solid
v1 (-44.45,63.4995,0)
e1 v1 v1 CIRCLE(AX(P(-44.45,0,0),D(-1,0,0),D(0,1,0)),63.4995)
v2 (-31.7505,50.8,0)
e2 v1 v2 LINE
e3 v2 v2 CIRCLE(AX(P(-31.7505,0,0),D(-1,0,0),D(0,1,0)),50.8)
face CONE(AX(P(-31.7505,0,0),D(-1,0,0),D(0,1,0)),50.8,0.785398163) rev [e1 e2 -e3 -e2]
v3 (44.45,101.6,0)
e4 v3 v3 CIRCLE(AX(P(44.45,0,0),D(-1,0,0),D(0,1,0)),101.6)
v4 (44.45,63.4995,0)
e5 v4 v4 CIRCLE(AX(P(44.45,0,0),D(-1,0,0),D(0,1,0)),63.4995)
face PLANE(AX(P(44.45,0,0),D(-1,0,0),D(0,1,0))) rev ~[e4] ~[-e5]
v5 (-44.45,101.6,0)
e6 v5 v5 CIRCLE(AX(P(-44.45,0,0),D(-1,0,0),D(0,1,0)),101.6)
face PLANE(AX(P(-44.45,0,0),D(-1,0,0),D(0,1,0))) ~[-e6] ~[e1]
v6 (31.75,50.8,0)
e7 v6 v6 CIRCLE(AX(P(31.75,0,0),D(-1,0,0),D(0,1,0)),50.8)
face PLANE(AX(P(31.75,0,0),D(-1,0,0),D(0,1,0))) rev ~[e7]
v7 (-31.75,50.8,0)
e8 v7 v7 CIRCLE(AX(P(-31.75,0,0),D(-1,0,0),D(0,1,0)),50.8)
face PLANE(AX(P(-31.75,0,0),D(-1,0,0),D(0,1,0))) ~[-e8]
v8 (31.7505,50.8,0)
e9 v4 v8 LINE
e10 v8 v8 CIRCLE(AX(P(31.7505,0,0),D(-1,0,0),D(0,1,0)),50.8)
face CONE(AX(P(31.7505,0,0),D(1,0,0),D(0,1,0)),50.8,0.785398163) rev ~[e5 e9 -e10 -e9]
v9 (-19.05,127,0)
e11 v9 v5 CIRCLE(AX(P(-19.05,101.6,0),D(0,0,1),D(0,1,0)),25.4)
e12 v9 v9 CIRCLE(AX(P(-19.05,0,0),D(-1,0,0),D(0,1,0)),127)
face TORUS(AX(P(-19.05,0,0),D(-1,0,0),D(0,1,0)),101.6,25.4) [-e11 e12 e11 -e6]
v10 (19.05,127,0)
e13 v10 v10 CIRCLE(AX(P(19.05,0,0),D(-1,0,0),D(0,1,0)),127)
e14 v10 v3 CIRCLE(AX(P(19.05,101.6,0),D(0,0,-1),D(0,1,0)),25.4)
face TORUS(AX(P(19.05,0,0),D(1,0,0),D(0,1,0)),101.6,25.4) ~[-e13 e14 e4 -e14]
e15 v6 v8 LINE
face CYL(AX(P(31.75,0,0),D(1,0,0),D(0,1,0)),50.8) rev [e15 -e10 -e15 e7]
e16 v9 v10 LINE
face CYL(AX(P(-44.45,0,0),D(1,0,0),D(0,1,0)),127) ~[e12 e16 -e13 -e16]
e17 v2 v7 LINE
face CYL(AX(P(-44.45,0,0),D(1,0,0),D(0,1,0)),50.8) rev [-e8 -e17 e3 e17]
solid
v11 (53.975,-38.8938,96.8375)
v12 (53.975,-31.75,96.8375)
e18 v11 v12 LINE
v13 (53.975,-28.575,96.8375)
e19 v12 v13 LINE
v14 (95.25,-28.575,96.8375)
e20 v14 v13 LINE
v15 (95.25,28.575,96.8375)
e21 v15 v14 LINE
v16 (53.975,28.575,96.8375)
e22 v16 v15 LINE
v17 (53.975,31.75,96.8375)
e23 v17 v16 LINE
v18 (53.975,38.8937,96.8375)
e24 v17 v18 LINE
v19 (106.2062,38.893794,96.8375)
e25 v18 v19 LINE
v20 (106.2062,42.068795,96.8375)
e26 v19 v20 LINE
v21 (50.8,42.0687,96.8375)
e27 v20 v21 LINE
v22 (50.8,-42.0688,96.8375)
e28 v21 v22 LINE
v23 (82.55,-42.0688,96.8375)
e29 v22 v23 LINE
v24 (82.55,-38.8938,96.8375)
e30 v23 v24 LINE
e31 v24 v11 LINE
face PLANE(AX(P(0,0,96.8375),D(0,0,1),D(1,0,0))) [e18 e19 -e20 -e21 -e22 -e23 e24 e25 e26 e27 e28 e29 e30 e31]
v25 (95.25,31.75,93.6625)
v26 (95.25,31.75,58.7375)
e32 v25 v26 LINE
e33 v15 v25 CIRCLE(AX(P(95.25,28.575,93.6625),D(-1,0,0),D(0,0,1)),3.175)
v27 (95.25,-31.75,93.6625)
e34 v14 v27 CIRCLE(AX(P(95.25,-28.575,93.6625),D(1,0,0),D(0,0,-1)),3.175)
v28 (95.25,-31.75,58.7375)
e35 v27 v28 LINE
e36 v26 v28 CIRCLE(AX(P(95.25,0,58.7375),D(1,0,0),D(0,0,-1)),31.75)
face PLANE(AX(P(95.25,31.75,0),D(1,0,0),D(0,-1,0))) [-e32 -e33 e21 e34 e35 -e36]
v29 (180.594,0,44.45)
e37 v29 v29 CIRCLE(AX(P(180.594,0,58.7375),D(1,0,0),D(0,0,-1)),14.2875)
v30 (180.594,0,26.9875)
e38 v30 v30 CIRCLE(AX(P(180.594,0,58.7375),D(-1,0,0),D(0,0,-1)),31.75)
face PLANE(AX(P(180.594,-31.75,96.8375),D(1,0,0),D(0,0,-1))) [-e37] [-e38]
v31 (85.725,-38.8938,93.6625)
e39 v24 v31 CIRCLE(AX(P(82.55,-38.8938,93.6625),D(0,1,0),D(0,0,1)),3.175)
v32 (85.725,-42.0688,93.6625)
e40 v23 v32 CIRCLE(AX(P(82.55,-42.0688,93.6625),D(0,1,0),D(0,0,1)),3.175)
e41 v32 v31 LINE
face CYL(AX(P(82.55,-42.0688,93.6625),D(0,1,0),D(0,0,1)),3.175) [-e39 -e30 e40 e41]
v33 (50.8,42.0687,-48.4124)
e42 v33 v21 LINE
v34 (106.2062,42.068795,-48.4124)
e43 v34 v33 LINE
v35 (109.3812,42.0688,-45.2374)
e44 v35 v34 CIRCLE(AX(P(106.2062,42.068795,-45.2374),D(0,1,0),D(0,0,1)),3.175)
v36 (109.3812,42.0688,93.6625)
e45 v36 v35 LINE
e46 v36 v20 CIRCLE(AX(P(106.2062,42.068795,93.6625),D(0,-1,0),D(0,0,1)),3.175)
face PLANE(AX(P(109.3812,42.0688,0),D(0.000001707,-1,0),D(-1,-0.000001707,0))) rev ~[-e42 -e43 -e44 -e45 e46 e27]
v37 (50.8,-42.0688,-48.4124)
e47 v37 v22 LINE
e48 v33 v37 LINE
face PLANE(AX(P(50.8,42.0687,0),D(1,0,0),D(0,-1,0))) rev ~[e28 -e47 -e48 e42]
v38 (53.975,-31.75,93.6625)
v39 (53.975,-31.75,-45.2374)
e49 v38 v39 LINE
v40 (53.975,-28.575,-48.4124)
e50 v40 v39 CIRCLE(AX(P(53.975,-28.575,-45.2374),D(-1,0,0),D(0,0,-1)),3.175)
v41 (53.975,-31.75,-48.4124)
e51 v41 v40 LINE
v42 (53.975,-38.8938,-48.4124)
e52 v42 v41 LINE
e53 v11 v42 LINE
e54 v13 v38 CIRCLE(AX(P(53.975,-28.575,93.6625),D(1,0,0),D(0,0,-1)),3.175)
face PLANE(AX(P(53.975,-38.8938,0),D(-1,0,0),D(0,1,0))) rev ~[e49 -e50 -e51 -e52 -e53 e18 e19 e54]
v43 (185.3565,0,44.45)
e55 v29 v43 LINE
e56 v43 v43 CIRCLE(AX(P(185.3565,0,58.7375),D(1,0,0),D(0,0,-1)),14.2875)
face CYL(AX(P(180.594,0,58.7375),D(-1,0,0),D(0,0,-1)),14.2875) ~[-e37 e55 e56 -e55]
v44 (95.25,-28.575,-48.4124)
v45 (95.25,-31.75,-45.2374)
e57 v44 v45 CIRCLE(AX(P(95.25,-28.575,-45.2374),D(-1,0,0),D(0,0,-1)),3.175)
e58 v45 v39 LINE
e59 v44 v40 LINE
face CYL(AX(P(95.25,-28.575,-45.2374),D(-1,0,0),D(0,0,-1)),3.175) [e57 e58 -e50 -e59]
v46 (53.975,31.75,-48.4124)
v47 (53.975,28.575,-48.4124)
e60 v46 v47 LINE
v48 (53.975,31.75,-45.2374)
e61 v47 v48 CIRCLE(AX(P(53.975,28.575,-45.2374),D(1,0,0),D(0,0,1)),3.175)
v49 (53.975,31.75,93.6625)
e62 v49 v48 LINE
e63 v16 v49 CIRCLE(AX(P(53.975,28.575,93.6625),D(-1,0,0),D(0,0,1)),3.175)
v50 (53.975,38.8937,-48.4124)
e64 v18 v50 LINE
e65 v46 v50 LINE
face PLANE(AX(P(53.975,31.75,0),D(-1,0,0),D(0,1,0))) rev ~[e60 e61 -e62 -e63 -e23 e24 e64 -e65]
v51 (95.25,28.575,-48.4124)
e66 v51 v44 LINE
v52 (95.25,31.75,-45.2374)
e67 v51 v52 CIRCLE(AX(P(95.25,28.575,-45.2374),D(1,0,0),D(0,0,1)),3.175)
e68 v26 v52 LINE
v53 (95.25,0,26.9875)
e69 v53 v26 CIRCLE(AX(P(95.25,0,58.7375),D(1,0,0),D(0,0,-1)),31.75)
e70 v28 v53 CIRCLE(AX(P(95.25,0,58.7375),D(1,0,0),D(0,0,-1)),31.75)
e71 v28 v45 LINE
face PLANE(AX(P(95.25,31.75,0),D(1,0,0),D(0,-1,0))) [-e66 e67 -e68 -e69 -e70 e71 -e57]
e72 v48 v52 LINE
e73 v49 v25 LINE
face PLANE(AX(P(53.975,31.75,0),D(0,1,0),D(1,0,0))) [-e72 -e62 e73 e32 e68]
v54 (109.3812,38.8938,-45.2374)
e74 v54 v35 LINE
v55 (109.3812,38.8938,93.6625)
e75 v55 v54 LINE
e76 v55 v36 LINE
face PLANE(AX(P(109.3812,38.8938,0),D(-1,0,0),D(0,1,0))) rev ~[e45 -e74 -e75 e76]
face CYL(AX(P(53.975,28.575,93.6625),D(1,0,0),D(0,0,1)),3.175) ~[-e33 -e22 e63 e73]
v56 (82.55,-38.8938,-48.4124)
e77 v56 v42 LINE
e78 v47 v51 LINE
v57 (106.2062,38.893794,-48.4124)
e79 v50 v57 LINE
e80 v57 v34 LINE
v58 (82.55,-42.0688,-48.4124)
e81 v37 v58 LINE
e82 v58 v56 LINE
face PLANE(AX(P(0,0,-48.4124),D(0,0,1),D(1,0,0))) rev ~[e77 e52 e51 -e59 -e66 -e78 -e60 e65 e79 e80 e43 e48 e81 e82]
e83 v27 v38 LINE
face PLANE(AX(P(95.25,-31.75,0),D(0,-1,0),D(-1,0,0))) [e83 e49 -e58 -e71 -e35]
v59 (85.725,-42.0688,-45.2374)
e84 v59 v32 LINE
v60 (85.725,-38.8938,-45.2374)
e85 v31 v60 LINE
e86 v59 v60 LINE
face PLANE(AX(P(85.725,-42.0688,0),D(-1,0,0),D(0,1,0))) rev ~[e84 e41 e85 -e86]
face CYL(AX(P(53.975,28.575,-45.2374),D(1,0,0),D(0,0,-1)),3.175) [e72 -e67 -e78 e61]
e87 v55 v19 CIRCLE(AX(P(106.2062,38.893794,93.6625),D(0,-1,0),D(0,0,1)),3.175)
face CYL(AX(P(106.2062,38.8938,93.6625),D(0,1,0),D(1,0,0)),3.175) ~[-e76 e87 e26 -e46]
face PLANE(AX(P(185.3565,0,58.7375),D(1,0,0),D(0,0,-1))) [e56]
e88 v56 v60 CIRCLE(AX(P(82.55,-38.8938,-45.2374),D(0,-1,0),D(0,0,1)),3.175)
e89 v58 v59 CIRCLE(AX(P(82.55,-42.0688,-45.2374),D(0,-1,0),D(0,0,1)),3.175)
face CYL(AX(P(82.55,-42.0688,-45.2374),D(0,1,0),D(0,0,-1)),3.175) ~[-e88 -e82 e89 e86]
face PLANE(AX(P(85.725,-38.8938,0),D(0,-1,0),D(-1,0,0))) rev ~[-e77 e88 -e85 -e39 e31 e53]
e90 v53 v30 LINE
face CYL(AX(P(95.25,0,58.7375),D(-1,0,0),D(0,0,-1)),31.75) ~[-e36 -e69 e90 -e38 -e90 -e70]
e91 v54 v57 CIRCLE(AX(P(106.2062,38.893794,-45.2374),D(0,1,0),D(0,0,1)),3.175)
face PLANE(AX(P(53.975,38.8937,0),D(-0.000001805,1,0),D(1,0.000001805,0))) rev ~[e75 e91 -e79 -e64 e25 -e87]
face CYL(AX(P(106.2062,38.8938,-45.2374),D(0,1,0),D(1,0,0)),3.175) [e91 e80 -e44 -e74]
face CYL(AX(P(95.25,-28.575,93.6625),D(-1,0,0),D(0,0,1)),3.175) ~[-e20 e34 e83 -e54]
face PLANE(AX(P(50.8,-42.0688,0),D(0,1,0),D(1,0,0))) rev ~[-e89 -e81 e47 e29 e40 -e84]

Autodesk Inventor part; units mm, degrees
ref_plane "YZ Plane" through (0, 0, 0) normal (1, 0, 0) x (0, 1, 0)
ref_plane "XZ Plane" through (0, 0, 0) normal (0, 1, 0) x (-1, 0, 0)
sketch "Sketch1" plane through (0, 0, 0) normal (0, 0, 1) x (1, 0, 0)
  line L0 (-44.45, 127) -> (44.45, 127)
  line L1 (44.45, 127) -> (44.45, 50.8)
  line L2 (-44.45, 50.8) -> (-44.45, 127)
  line L3 (31.75, 50.8) -> (31.75, 0)
  line L4 (31.75, 0) -> (-31.75, 0)
  line L5 (-31.75, 0) -> (-31.75, 50.8)
  line L6 (-44.45, 50.8) -> (-31.75, 50.8)
  line L7 (31.75, 50.8) -> (44.45, 50.8)
  line L8 (152.4, 0) -> (-152.4, 0) construction
  point P0 (0, 0)
  dimension "d0" = 88.9
  dimension "d1" = 76.2
  dimension "d3" = 44.45
  dimension "d4" = 63.5
  dimension "d12" = 152.4
  dimension "d13" = 152.4
revolve "Snow Blower Tire" add sketch "Sketch1" angle 360 about axis through (31.75, 0, 0) along (-1, 0, 0)
fillet "Fillet1" radius 25.4 2 edges at (44.45, -127, 0) (-44.45, -127, 0)
chamfer "Chamfer1" distance 12.7 angle 45 2 edges at (44.45, -50.8, 0) (-44.45, -50.8, 0)
sketch "Sketch2" plane through (0, 0, 0) normal (0, 0, 1) x (1, 0, 0)
  line L0 (50.8, 42.0687) -> (50.8, -42.0688)
  line L1 (50.8, -42.0688) -> (85.725, -42.0688)
  line L2 (85.725, -42.0688) -> (85.725, -38.8938)
  line L3 (85.725, -38.8938) -> (53.975, -38.8938)
  line L4 (53.975, -38.8938) -> (53.975, -31.75)
  line L5 (53.975, 38.8937) -> (109.3812, 38.8938)
  line L6 (109.3812, 38.8938) -> (109.3812, 42.0688)
  line L7 (109.3812, 42.0688) -> (50.8, 42.0687)
  line L8 (-86.9955, 0) -> (165.7829, 0) construction
  line L9 (0, -177.8) -> (0, 177.8) projected
  line L10 (53.975, 31.75) -> (95.25, 31.75)
  line L11 (95.25, 31.75) -> (95.25, -31.75)
  line L12 (95.25, -31.75) -> (53.975, -31.75)
  line L13 (53.975, 31.75) -> (53.975, 38.8937)
  line L14 (53.975, 38.8937) -> (50.8, 38.8937) construction
  point P0 (0, 0)
  dimension "d14" = 84.1375
  dimension "d15" = 34.925
  dimension "d16" = 3.175
  dimension "d19" = 42.0688
  dimension "d23" = 50.8
  dimension "d28" = 41.275
  dimension "d29" = 63.5
extrude "Gearbox" add sketch "Sketch2" along normal blind 96.8375 and the other way blind 48.4124
sketch "Sketch6" plane through (95.25, -31.75, 96.8375) normal (1, 0, 0) x (0, 0, -1)
  line L0 (0, 0) -> (0, 63.5) projected
  line L1 (145.2499, 63.5) -> (0, 63.5) projected
  line L2 (145.2499, 0) -> (0, 0) projected
  line L3 (145.2499, 63.5) -> (145.2499, 0) projected
  line L4 (0, 31.75) -> (145.2499, 31.75) construction
  line L5 (38.1, 63.5) -> (38.1, 0) construction
  circle A0 centre (38.1, 31.75) radius 31.75
  point P0 (96.8375, 31.75)
  dimension "d40" = 38.1
  dimension "d41" = 63.5
extrude "CIM" add sketch "Sketch6" along normal blind 85.344 contours A0
sketch "Sketch7" plane through (180.594, 0, 58.7375) normal (1, 0, 0) x (0, 0, -1)
  circle A0 centre (0, 0) radius 14.2875
  point P0 (58.7375, 0)
  dimension "d44" = 28.575
extrude "Extrusion6" add sketch "Sketch7" along normal blind 4.7625
sketch "Sketch8" plane through (50.8, 42.0688, 96.8375) normal (0, 1, 0) x (1, 0, 0)
  line L0 (-31.75, -30.1625) -> (-31.75, 223.8375) projected
  line L1 (-31.75, -30.1625) -> (-31.75, 223.8375) projected
  line L2 (-69.85, 223.8375) -> (-69.85, -30.1625) projected
  line L3 (-144.3028, 96.8375) -> (140.0403, 96.8375) construction
  line L4 (58.5812, 145.2499) -> (58.5812, 0) projected
  line L5 (46.2781, 104.5566) -> (46.2781, 86.4461) construction
  point P0 (-50.8, 96.8375)
  point P1 (46.2781, 96.8375)
  point P2 (46.2781, 96.8375)
  dimension "d69" = 12.3031
  dimension "d70" = 48.4124
fillet "Fillet3" radius 3.175 8 edges at (109.3812, 40.4813, 96.8375) (109.3812, 40.4813, -48.4124) (85.725, -40.4813, 96.8375) (85.725, -40.4813, -48.4124) (74.6125, 31.75, 96.8375) (74.6125, -31.75, 96.8375) (74.6125, -31.75, -48.4124) (74.6125, 31.75, -48.4124)
ref_plane "Work Plane6" through (-93.5028, 42.0687, 0) normal (0, 0, 1) x (1, 0, 0)
sketch "Sketch16" plane through (-93.5028, 42.0687, 0) normal (0, 0, 1) x (1, 0, 0)
  line L0 (190.5809, 0) -> (165.1809, -82.55)
  line L1 (165.1809, -82.55) -> (190.5809, -82.55)
  line L2 (190.5809, -82.55) -> (190.5809, 0)
  line L3 (49.0528, -143.6688) -> (49.0528, 59.5312) construction
  line L4 (74.4528, 84.9312) -> (74.4528, -169.0687) construction
  line L5 (74.4528, 84.9312) -> (112.5528, 84.9312) construction
  point P0 (93.5028, -42.0688)
  dimension "d71" = 82.55
  dimension "d72" = 25.4
  dimension "d77" = 141.5281
ref_plane "Kingpin Top" through (97.0781, 42.0688, 0) normal (-0.2941, -0.9558, 0) x (0.9558, -0.2941, 0)
sketch "Sketch17" plane through (97.0781, 42.0688, 0) normal (-0.2941, -0.9558, 0) x (0.9558, -0.2941, 0)
  line L0 (0, 0) -> (0, -10.9395)
  line L1 (0, 0) -> (0, 10.9068)
  point P0 (-80.4134, 0)
sketch "Sketch18" plane through (0, 0, 0) normal (1, 0, 0) x (0, 1, 0)
  line L0 (42.0688, -48.4124) -> (42.0688, 96.8375) construction
  circle A0 centre (0, 0) radius 127 construction
  line L1 (-127, 0) -> (-127, -102.7514) construction
  point P0 (0, 0)
  dimension "d76" = 169.0687
equation "\"d19\" = 0.5 * d14"
properties part number "Snow Tire Wheel with Gearbox and CIM"
